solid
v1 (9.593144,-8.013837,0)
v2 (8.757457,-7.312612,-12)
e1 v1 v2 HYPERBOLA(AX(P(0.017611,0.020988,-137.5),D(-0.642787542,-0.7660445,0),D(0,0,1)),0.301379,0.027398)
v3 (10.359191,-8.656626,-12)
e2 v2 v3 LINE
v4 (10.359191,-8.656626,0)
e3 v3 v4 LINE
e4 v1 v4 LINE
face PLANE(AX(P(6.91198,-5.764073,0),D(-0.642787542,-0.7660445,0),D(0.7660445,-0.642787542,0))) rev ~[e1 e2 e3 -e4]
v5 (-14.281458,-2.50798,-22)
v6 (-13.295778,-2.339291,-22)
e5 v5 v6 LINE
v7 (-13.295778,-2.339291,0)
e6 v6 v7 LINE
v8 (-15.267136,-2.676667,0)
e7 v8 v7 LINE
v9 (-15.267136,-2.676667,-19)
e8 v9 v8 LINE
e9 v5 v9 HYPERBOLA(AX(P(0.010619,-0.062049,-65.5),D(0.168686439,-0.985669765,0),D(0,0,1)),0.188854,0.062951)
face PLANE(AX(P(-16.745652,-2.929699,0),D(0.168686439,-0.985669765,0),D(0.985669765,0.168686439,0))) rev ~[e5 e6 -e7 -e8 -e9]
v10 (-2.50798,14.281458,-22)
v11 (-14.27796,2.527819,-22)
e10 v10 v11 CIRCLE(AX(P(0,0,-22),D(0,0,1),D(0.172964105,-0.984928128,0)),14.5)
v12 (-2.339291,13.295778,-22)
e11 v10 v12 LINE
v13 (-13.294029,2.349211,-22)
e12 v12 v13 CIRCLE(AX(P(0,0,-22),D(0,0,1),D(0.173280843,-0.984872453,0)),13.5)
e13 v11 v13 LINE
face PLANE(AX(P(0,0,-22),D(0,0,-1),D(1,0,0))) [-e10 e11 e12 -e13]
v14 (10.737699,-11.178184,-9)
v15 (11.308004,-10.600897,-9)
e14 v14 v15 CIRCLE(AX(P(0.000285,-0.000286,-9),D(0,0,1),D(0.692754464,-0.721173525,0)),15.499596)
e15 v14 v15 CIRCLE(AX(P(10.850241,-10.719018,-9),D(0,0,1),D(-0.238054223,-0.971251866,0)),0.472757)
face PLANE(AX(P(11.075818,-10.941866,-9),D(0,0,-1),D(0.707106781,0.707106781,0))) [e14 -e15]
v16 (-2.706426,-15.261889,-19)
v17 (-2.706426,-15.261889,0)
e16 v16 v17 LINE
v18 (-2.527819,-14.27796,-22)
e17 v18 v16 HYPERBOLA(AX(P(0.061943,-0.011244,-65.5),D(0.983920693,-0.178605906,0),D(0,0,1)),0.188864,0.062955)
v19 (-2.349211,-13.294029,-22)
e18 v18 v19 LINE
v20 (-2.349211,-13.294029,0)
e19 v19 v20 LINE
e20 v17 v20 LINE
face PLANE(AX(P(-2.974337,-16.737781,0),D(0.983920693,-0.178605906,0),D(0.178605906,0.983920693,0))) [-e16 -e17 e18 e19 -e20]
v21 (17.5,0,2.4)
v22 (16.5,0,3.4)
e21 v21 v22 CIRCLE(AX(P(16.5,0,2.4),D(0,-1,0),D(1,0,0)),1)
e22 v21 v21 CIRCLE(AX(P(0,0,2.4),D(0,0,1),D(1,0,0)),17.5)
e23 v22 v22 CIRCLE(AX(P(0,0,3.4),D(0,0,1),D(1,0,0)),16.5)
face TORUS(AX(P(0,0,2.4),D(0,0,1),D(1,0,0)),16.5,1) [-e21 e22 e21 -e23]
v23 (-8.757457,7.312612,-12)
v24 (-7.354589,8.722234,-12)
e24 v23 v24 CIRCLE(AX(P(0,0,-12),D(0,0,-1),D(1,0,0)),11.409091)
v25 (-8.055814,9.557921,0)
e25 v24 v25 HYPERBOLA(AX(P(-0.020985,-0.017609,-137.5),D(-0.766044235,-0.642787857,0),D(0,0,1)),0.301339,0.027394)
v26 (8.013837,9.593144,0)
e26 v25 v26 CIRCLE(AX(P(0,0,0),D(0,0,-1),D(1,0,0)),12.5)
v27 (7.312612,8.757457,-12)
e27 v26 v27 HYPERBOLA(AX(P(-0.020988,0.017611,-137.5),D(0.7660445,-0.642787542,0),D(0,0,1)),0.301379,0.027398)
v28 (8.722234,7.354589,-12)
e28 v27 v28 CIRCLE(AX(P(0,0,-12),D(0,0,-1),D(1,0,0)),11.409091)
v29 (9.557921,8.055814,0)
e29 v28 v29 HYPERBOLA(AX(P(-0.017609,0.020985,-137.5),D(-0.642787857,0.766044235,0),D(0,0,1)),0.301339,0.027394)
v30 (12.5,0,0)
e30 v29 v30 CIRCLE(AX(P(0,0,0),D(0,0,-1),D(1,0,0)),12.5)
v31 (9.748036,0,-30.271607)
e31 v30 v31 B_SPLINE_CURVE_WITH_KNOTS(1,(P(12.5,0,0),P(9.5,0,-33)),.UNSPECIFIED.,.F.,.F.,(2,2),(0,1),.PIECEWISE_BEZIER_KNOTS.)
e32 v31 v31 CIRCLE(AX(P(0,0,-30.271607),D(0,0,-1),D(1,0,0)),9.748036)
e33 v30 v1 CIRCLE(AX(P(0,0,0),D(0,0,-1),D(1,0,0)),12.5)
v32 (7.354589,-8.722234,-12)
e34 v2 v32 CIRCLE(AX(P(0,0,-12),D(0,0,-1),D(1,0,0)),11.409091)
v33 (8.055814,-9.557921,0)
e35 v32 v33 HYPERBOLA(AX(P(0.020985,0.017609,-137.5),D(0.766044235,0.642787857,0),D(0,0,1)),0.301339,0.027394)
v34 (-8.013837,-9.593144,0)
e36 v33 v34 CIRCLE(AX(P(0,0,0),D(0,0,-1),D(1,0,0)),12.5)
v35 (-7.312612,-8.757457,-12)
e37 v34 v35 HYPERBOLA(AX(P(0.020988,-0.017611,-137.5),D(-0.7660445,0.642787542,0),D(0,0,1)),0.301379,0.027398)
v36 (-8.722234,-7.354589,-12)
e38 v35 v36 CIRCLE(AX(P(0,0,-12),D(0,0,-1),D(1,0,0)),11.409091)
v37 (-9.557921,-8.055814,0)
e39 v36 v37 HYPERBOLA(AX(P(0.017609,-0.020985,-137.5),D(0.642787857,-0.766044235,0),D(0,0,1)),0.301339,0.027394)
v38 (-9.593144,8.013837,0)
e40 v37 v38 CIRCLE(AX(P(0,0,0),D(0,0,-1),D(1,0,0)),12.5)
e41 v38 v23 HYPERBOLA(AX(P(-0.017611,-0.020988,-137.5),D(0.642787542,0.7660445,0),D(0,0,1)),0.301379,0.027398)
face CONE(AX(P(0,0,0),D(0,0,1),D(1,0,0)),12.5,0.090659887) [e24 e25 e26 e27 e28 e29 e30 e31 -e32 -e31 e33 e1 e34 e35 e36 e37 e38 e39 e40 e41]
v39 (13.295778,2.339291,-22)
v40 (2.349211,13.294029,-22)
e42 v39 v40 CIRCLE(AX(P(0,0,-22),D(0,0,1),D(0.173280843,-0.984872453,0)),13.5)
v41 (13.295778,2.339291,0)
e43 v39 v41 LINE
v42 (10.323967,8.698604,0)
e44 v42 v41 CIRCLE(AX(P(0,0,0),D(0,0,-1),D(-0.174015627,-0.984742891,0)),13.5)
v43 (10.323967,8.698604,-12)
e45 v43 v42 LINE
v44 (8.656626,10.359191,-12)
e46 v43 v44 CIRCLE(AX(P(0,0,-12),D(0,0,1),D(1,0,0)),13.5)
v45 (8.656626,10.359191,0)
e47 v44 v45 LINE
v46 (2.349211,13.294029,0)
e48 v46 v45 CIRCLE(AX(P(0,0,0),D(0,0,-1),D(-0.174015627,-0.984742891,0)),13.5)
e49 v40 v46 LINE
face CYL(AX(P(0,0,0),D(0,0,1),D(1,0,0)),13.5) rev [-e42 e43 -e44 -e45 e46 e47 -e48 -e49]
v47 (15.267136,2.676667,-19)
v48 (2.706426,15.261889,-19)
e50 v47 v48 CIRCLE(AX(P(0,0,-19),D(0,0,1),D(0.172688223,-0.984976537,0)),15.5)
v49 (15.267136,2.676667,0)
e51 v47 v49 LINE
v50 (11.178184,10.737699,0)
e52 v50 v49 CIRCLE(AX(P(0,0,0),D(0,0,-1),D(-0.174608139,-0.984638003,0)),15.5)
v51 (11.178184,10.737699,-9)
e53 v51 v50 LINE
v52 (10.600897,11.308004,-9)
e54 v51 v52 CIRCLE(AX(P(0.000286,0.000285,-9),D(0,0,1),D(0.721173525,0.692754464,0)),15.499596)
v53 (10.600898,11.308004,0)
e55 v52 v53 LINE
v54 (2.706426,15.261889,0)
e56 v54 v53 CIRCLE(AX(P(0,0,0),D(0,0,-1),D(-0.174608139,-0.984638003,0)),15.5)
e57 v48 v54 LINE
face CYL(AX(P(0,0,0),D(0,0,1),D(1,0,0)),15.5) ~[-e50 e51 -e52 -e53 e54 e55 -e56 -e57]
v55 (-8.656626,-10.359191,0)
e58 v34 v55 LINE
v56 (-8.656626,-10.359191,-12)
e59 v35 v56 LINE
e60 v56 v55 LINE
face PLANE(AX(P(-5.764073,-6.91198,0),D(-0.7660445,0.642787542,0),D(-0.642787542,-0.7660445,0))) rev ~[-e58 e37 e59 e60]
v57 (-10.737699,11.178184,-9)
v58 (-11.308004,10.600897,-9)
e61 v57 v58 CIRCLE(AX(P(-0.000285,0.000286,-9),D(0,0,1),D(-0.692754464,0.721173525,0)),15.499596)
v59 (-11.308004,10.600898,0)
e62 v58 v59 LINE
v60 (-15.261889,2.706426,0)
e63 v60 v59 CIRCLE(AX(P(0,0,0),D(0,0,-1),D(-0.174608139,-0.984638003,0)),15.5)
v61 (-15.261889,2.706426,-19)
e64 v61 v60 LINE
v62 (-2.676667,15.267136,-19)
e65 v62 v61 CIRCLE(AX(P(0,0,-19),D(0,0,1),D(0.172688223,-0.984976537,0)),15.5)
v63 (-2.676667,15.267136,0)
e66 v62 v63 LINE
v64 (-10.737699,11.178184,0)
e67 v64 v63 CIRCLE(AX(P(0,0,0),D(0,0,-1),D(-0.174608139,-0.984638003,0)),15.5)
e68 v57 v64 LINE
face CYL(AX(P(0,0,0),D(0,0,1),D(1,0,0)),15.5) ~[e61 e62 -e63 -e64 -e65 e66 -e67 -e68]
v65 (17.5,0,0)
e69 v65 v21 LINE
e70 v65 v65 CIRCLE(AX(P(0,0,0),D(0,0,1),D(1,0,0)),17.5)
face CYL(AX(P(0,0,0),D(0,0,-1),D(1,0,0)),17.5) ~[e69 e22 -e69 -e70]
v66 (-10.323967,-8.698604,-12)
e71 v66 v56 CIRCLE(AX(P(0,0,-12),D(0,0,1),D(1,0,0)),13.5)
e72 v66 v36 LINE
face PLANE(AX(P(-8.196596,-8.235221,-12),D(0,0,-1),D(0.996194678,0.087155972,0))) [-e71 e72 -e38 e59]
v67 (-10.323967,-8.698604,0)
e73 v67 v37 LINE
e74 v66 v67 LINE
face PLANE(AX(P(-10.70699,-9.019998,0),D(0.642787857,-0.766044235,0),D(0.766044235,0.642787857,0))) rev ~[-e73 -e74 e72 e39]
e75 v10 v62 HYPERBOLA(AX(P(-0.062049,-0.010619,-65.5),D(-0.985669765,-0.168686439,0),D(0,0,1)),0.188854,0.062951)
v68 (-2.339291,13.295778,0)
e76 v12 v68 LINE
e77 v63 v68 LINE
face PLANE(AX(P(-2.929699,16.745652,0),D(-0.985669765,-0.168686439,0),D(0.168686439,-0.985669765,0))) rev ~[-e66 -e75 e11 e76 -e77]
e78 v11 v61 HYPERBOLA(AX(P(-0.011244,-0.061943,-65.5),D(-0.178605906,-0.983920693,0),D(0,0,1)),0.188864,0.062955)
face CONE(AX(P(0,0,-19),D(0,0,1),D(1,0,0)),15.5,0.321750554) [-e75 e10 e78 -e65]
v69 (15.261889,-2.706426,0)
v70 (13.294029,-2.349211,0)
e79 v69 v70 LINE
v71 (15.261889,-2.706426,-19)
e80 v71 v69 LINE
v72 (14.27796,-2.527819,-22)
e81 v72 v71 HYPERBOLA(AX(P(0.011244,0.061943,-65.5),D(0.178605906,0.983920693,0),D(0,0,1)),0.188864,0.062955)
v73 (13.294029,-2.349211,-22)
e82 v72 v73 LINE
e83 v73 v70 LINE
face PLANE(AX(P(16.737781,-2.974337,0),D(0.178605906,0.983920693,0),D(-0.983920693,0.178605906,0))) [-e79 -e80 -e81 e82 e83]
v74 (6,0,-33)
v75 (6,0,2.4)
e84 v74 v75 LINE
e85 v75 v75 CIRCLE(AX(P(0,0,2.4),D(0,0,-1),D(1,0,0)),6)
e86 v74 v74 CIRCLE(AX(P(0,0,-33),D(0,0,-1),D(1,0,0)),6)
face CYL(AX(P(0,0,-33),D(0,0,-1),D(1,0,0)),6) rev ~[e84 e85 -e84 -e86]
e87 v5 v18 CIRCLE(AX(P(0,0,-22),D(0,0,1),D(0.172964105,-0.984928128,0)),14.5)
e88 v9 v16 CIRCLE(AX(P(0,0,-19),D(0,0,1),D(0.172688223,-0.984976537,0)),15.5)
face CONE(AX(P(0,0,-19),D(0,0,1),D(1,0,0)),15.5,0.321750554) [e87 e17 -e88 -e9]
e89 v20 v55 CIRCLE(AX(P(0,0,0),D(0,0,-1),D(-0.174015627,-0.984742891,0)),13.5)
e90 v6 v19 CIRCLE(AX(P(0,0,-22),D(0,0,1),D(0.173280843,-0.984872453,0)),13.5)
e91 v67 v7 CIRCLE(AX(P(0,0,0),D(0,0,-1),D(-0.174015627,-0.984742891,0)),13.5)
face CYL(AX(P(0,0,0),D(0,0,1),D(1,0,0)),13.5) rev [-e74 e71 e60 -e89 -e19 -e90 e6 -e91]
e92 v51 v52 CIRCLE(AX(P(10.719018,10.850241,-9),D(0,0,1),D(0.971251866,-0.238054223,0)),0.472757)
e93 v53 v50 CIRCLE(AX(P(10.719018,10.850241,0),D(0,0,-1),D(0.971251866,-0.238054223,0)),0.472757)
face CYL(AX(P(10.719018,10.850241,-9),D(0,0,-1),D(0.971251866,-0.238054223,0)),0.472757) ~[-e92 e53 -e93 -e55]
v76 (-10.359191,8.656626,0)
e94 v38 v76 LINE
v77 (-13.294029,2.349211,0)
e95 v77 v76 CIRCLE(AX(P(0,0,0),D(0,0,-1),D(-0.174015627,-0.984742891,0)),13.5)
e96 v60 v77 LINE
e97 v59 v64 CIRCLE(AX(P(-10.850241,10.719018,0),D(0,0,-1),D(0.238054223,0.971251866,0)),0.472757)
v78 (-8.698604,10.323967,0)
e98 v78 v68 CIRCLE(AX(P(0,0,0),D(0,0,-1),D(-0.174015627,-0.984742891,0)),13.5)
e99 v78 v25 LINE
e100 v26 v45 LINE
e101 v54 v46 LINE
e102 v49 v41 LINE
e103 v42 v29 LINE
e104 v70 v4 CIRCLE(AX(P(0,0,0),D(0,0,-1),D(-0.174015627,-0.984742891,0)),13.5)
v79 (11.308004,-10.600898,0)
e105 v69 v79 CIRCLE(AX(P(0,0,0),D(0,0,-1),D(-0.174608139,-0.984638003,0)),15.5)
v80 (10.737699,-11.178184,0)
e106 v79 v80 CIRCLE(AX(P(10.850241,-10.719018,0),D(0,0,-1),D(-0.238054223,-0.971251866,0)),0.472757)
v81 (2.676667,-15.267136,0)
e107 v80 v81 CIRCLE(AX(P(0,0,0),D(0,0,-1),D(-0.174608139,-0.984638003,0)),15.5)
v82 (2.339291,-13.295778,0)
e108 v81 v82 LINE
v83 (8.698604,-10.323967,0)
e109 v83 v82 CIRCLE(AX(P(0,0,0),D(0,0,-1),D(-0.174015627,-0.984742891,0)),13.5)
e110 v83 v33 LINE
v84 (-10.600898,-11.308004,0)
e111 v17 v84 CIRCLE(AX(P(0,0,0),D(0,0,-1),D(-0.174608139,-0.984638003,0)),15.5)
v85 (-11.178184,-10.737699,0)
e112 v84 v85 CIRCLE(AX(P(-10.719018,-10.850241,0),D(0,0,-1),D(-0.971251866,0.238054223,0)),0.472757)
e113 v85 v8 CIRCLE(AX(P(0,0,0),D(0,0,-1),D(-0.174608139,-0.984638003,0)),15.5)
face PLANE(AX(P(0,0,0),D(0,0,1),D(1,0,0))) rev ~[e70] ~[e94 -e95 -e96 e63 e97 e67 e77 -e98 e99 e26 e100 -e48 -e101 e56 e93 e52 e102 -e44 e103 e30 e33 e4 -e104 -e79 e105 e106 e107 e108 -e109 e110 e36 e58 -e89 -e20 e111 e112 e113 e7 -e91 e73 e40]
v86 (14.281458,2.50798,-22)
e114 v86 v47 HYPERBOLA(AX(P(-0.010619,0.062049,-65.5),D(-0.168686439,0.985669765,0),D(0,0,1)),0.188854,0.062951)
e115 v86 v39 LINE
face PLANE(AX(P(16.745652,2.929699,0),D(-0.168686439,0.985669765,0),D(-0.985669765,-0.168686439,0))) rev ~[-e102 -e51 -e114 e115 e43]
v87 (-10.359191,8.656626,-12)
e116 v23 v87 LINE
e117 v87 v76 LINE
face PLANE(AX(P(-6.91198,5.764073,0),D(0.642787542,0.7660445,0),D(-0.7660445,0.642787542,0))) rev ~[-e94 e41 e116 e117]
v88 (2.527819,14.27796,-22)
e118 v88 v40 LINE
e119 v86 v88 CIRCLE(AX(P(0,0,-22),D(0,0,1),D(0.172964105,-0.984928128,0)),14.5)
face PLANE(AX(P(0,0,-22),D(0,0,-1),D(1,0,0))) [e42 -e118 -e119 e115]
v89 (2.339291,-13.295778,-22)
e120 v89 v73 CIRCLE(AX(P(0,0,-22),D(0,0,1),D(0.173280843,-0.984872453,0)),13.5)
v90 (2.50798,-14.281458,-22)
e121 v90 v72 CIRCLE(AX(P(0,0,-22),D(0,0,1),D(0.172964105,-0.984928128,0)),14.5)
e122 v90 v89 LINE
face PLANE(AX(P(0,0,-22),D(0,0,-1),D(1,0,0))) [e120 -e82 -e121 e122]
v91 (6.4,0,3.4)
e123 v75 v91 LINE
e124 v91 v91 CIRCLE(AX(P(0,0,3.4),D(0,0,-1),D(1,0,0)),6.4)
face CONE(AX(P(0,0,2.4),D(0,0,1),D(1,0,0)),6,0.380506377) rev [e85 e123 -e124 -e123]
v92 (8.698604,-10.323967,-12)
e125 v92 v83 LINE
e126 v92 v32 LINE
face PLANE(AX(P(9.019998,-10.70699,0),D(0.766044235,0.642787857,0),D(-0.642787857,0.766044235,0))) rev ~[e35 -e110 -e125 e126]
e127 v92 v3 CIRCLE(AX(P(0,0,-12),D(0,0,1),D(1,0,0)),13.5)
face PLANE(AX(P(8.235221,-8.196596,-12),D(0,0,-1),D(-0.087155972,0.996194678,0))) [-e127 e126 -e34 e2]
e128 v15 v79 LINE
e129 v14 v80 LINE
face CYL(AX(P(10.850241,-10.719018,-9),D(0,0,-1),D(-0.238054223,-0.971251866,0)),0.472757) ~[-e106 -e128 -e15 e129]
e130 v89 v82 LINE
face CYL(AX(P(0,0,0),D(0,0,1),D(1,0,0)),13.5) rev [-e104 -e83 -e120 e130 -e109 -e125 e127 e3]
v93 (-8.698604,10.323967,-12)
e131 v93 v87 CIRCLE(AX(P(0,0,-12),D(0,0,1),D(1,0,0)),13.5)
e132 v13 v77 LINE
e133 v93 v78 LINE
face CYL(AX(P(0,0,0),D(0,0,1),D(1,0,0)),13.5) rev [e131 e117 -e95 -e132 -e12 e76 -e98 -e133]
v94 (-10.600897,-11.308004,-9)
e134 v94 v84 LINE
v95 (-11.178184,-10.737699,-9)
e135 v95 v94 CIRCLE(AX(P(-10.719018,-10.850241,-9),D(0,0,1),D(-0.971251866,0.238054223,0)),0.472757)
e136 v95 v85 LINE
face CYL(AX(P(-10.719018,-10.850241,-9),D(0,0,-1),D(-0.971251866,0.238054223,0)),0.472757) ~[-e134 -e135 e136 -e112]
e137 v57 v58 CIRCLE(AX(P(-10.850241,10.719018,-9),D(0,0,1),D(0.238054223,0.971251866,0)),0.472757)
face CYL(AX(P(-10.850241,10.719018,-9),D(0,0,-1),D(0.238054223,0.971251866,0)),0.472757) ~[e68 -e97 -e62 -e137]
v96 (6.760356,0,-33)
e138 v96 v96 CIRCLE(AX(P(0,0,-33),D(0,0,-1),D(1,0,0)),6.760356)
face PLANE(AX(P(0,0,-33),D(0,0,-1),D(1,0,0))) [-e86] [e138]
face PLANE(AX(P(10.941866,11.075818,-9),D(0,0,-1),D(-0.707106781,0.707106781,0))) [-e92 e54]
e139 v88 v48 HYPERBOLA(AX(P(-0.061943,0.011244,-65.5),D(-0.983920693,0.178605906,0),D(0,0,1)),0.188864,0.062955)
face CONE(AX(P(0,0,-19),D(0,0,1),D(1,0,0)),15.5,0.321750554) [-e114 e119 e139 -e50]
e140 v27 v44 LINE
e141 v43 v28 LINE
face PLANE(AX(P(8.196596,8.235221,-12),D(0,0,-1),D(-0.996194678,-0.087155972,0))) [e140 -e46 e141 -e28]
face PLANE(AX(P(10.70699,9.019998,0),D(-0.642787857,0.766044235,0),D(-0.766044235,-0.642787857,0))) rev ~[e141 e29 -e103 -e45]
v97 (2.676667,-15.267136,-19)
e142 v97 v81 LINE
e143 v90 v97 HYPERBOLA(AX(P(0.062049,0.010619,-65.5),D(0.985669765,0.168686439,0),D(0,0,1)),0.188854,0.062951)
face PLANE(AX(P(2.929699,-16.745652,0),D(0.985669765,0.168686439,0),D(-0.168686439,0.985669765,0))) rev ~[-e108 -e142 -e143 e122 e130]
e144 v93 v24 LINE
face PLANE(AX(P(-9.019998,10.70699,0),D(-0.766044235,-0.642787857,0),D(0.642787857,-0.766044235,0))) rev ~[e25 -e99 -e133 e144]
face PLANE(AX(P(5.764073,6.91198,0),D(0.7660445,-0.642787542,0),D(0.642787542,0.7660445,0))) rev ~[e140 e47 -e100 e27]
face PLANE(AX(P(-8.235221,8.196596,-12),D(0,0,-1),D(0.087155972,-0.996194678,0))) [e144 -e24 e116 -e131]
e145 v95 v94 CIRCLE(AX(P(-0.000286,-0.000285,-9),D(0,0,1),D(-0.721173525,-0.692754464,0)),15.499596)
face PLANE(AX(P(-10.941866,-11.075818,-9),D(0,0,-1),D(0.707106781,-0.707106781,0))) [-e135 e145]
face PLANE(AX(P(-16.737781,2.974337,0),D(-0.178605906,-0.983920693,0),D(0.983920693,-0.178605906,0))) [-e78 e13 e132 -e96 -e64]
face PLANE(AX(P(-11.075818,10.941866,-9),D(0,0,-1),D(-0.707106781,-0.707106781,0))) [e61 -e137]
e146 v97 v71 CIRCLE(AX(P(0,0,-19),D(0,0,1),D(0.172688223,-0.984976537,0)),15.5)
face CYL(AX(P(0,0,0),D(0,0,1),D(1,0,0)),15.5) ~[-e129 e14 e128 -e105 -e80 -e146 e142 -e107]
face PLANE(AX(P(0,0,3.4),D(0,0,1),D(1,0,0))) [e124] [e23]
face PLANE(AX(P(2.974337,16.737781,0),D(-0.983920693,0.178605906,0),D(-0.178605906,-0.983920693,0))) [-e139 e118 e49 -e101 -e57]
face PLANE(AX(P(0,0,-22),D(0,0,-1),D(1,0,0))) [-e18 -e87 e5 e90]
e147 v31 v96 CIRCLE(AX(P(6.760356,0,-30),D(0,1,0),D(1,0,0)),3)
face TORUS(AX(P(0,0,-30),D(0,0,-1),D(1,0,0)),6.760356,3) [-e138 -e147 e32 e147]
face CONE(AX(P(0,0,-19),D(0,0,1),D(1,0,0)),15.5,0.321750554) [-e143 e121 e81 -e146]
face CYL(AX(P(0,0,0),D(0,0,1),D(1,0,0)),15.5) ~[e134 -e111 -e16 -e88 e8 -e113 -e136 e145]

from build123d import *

# Parameters (mm, degrees)
SKETCH_R              = 17.5
PAD_DEPTH             = 3.4
FILLET_R              = 1
SKETCH001_R           = 15.5
SKETCH001_R_2         = 13.5
PAD001_DEPTH          = 22
CHAMFER_SIZE2         = 1
CHAMFER_SIZE          = 3
POCKET_DEPTH          = 22
POLARPATTERN_COUNT    = 4
PAD002_DEPTH          = 10
POLARPATTERN001_COUNT = 4
SKETCH006_R           = 12.5
SKETCH005_R           = 9.5
SKETCH007_R           = 6
POCKET001_DEPTH       = 36.401
FILLET001_R           = 3
CHAMFER002_SIZE2      = 0.4
CHAMFER002_SIZE       = 1
PAD003_DEPTH          = 12
POLARPATTERN002_COUNT = 4


with BuildPart() as part:
    # Sketch (on XY_Plane of Origin) → Pad (new body)
    with BuildSketch(Plane.XY):
        Circle(SKETCH_R)
    extrude(amount=PAD_DEPTH)

    # Fillet
    fillet_edges = [part.edges().sort_by_distance(p)[0] for p in [
        (-17.5, 0, 3.4),
    ]]
    fillet(fillet_edges, radius=FILLET_R)

    # Sketch001 (on Face3 of Fillet) → Pad001 (join)
    with BuildSketch(Plane(origin=(0, 0, 0), x_dir=(1, 0, 0), z_dir=(0, 0, -1))):
        Circle(SKETCH001_R)
        Circle(SKETCH001_R_2, mode=Mode.SUBTRACT)
    extrude(amount=PAD001_DEPTH)

    # Chamfer
    chamfer_edges = [part.edges().sort_by_distance(p)[0] for p in [
        (-15.5, 0, -22),
    ]]
    chamfer_side = part.faces().sort_by_distance((-15.5, 0, -11))[0]
    chamfer(chamfer_edges, length=CHAMFER_SIZE, length2=CHAMFER_SIZE2, reference=chamfer_side)

    # Sketch003 (on Face3 of Chamfer) → Pocket (cut)
    with BuildSketch(Plane(origin=(0, 0, 0), x_dir=(1, 0, 0), z_dir=(0, 0, -1))):
        with BuildLine():
            ThreePointArc((2.929699, 16.745652), (-0.022663, 16.999985), (-2.974337, 16.737781))
            Line((-2.974337, 16.737781), (-2.170603, 12.310097))
            ThreePointArc((2.170603, 12.310097), (0, 12.5), (-2.170603, 12.310097))
            Line((2.929699, 16.745652), (2.170603, 12.310097))
        make_face()
    pocket = extrude(amount=POCKET_DEPTH, mode=Mode.SUBTRACT)

    # PolarPattern: Pocket ×4 about axis
    polarpattern_axis = Axis((0, 0, 0), (0, 0, -1))
    for i in range(1, POLARPATTERN_COUNT):
        add(pocket.rotate(polarpattern_axis, i * 360 / POLARPATTERN_COUNT), mode=Mode.SUBTRACT)

    # Sketch004 → Pad002 (join)
    with BuildSketch(Plane(origin=(0, 0, -9), x_dir=(0.707107, 0.707107, 0), z_dir=(0, 0, 1))):
        with BuildLine():
            ThreePointArc((0.31147, 15.49687), (-0.094297, 15.499713), (-0.5, 15.491933))
            ThreePointArc((0.31147, 15.49687), (-0.095665, 15.724518), (-0.5, 15.491933))
        make_face()
    pad002 = extrude(amount=PAD002_DEPTH)

    # PolarPattern001: Pad002 ×4 about axis
    polarpattern001_axis = Axis((0, 0, -9), (0, 0, 1))
    for i in range(1, POLARPATTERN001_COUNT):
        add(pad002.rotate(polarpattern001_axis, i * 360 / POLARPATTERN001_COUNT))

    # Sketch006 (on Face3 of PolarPattern001) → AdditiveLoft section 0
    with BuildSketch(Plane(origin=(0, 0, 0), x_dir=(1, 0, 0), z_dir=(0, 0, -1))):
        Circle(SKETCH006_R)
    # Sketch005 (on Face3 of PolarPattern001) → AdditiveLoft section 1
    with BuildSketch(Plane(origin=(0, 0, -33), x_dir=(1, 0, 0), z_dir=(0, 0, -1))):
        Circle(SKETCH005_R)
    loft()

    # Sketch007 (on Face32 of AdditiveLoft) → Pocket001 (cut, through all)
    with BuildSketch(Plane(origin=(0, 0, -33), x_dir=(1, 0, 0), z_dir=(0, 0, -1))):
        Circle(SKETCH007_R)
    extrude(amount=-POCKET001_DEPTH, mode=Mode.SUBTRACT)

    # Fillet001
    fillet001_edges = [part.edges().sort_by_distance(p)[0] for p in [
        (-9.5, 0, -33),
    ]]
    fillet(fillet001_edges, radius=FILLET001_R)

    # Chamfer002
    chamfer002_edges = [part.edges().sort_by_distance(p)[0] for p in [
        (-6, 0, 3.4),
    ]]
    chamfer002_side = part.faces().sort_by_distance((-6, 0, -14.8))[0]
    chamfer(chamfer002_edges, length=CHAMFER002_SIZE, length2=CHAMFER002_SIZE2, reference=chamfer002_side)

    # Sketch008 (on Face9 of Chamfer002) → Pad003 (join)
    with BuildSketch(Plane(origin=(0, 0, 0), x_dir=(0.087156, -0.996195, 0), z_dir=(0, 0, -1))):
        with BuildLine():
            ThreePointArc((-9.880104, 9.918848), (-10.706992, 9.019996), (-11.452393, 8.052496))
            Line((-11.452393, 8.052496), (-7.356621, 5.184605))
            ThreePointArc((-6.344559, 6.383304), (-6.876758, 5.806048), (-7.356621, 5.184605))
            Line((-6.344559, 6.383304), (-9.880104, 9.918848))
        make_face()
    pad003 = extrude(amount=PAD003_DEPTH)

    # PolarPattern002: Pad003 ×4 about axis
    polarpattern002_axis = Axis((0, 0, 0), (0, 0, -1))
    for i in range(1, POLARPATTERN002_COUNT):
        add(pad003.rotate(polarpattern002_axis, i * 360 / POLARPATTERN002_COUNT))


solid = part.part
